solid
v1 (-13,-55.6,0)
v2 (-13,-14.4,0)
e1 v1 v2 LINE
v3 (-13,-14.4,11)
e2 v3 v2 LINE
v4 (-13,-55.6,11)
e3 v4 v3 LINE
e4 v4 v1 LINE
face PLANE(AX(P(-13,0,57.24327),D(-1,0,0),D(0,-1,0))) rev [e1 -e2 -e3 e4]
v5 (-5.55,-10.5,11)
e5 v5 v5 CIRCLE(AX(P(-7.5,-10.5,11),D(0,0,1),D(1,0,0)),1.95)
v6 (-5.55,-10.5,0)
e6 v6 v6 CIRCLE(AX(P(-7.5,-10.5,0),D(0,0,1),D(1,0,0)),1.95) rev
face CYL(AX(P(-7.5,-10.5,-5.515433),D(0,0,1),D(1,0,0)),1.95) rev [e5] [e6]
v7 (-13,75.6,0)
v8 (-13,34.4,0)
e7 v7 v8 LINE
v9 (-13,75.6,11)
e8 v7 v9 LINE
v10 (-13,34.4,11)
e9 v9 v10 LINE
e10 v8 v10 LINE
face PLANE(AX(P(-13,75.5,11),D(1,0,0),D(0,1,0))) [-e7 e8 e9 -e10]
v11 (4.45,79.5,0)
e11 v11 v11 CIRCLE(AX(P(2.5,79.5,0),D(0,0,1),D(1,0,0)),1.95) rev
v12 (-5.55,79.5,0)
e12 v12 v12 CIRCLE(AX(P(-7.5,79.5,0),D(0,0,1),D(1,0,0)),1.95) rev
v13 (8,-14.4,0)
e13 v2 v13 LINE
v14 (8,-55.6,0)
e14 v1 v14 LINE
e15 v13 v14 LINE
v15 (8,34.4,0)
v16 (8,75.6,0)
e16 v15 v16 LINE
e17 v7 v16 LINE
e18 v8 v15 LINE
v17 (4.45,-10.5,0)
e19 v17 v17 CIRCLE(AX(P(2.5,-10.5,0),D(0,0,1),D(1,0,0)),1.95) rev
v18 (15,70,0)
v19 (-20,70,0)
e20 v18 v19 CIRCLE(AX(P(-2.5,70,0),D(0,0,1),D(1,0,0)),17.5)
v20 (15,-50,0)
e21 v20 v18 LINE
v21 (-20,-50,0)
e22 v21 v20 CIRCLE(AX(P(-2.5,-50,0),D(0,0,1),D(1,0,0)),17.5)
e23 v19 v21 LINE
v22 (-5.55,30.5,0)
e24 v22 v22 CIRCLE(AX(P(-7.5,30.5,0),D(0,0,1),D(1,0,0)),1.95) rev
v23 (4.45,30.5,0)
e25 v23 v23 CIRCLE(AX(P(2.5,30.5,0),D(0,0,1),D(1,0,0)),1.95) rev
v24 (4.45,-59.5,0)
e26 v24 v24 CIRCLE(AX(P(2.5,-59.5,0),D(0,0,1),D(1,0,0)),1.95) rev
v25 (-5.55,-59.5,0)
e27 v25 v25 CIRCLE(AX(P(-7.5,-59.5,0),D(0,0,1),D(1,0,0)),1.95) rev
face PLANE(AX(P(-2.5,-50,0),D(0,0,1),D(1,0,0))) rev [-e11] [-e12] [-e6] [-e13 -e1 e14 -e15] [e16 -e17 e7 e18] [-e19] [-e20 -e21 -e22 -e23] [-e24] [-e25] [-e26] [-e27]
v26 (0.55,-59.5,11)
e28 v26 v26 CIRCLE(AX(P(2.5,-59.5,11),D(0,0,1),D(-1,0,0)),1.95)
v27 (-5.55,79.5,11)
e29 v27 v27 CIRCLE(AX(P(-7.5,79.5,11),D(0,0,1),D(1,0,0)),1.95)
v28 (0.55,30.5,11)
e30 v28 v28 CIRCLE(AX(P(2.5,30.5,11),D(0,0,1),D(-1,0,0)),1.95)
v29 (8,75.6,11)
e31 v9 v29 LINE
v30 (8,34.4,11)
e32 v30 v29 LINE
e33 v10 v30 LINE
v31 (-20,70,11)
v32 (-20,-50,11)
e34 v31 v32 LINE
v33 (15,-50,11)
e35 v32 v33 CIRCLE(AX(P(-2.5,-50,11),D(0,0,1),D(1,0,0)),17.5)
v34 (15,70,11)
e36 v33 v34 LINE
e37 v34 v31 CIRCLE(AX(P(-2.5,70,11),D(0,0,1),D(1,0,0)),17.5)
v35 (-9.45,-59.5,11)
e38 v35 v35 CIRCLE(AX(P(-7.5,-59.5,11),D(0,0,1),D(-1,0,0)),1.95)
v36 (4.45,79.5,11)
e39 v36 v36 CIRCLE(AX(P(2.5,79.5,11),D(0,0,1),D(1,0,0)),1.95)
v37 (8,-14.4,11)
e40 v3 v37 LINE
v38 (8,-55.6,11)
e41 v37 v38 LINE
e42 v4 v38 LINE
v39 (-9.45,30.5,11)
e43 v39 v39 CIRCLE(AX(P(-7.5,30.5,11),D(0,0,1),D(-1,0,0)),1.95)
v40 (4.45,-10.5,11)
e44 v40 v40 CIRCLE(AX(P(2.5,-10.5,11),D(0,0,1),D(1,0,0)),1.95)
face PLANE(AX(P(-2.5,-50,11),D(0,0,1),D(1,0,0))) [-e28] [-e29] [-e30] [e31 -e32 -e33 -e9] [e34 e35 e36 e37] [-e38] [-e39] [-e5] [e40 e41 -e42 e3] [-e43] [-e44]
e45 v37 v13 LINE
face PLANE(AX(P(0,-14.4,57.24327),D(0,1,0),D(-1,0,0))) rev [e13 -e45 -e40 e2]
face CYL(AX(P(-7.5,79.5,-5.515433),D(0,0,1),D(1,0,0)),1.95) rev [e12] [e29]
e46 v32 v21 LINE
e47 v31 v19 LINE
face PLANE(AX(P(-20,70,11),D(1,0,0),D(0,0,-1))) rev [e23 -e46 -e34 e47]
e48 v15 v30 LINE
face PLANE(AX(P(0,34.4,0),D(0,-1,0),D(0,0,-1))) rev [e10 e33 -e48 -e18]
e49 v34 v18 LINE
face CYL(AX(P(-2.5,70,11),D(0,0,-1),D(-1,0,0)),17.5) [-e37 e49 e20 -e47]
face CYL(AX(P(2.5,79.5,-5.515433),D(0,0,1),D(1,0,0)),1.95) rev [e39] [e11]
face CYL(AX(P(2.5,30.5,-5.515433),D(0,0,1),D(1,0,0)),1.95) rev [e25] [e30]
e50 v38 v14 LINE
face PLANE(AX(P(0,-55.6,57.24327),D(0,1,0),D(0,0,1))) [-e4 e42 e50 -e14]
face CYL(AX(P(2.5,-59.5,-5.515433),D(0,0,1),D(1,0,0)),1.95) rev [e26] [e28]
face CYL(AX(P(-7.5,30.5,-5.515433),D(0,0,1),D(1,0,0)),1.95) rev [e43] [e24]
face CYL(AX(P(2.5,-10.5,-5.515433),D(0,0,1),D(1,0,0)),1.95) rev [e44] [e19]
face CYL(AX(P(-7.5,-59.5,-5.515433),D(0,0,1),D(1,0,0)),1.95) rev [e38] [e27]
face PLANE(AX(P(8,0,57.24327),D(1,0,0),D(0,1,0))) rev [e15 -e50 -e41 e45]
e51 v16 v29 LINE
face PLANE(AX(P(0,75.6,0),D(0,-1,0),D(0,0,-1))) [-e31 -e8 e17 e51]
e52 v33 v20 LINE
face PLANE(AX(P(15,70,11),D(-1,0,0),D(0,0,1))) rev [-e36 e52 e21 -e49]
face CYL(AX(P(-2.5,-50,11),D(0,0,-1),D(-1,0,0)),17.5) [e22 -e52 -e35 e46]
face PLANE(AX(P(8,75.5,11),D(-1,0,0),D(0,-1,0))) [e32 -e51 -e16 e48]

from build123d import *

# Parameters (mm, degrees)
SKETCH1_R           = 1.6
SKETCH1_W           = 21
SKETCH1_H           = 41
BOSS_EXTRUDE1_DEPTH = 11
SKETCH6_W           = 21
SKETCH6_H           = 0.1
CUT_EXTRUDE1_DEPTH  = 91.428148273
SKETCH7_W           = 21
SKETCH7_H           = 41.2
SKETCH7_R           = 1.6
CUT_EXTRUDE2_DEPTH  = 11
SKETCH8_R           = 1.95
CUT_EXTRUDE3_DEPTH  = 11


with BuildPart() as part:
    # Sketch1 → Boss-Extrude1 (new body)
    with BuildSketch(Plane.XY):
        with BuildLine():
            Line((-20, 70), (-20, -50))
            ThreePointArc((-20, -50), (-2.5, -67.5), (15, -50))
            Line((15, -50), (15, 70))
            ThreePointArc((15, 70), (-2.5, 87.5), (-20, 70))
        make_face()
        with Locations((-7.5, 79.5)):
            Circle(SKETCH1_R, mode=Mode.SUBTRACT)
        with Locations(Location((2.5, 79.5, 0), (0, 0, 180))):
            Circle(SKETCH1_R, mode=Mode.SUBTRACT)
        with Locations((2.5, 30.5)):
            Circle(SKETCH1_R, mode=Mode.SUBTRACT)
        with Locations(Location((-7.5, 30.5, 0), (0, 0, 180))):
            Circle(SKETCH1_R, mode=Mode.SUBTRACT)
        with Locations((-2.5, 55)):
            Rectangle(SKETCH1_W, SKETCH1_H, mode=Mode.SUBTRACT)
    extrude(amount=BOSS_EXTRUDE1_DEPTH)

    # Sketch6 → Cut-Extrude1 (cut, through all)
    with BuildSketch(Plane.XY.offset(11)):
        with Locations((-2.5, 75.55)):
            Rectangle(SKETCH6_W, SKETCH6_H)
        with Locations((-2.5, 34.45)):
            Rectangle(SKETCH6_W, SKETCH6_H)
    extrude(amount=-CUT_EXTRUDE1_DEPTH, mode=Mode.SUBTRACT)

    # Sketch7 → Cut-Extrude2 (cut)
    with BuildSketch(Plane(origin=(0, 0, 0), x_dir=(-1, 0, 0), z_dir=(0, 0, -1))):
        with Locations((2.5, -35)):
            Rectangle(SKETCH7_W, SKETCH7_H)
        with Locations((-2.5, -10.5)):
            Circle(SKETCH7_R)
        with Locations((7.5, -10.5)):
            Circle(SKETCH7_R)
        with Locations((-2.5, -59.5)):
            Circle(SKETCH7_R)
        with Locations((7.5, -59.5)):
            Circle(SKETCH7_R)
    extrude(amount=-CUT_EXTRUDE2_DEPTH, mode=Mode.SUBTRACT)

    # Sketch8 → Cut-Extrude3 (cut)
    with BuildSketch(Plane.XY.offset(11)):
        with Locations((-7.5, 79.5)):
            Circle(SKETCH8_R)
        with Locations((2.5, 79.5)):
            Circle(SKETCH8_R)
        with Locations((2.5, 30.5)):
            Circle(SKETCH8_R)
        with Locations((-7.5, 30.5)):
            Circle(SKETCH8_R)
        with Locations((2.5, -10.5)):
            Circle(SKETCH8_R)
        with Locations((-7.5, -10.5)):
            Circle(SKETCH8_R)
        with Locations((2.5, -59.5)):
            Circle(SKETCH8_R)
        with Locations((-7.5, -59.5)):
            Circle(SKETCH8_R)
    extrude(amount=-CUT_EXTRUDE3_DEPTH, mode=Mode.SUBTRACT)


solid = part.part
